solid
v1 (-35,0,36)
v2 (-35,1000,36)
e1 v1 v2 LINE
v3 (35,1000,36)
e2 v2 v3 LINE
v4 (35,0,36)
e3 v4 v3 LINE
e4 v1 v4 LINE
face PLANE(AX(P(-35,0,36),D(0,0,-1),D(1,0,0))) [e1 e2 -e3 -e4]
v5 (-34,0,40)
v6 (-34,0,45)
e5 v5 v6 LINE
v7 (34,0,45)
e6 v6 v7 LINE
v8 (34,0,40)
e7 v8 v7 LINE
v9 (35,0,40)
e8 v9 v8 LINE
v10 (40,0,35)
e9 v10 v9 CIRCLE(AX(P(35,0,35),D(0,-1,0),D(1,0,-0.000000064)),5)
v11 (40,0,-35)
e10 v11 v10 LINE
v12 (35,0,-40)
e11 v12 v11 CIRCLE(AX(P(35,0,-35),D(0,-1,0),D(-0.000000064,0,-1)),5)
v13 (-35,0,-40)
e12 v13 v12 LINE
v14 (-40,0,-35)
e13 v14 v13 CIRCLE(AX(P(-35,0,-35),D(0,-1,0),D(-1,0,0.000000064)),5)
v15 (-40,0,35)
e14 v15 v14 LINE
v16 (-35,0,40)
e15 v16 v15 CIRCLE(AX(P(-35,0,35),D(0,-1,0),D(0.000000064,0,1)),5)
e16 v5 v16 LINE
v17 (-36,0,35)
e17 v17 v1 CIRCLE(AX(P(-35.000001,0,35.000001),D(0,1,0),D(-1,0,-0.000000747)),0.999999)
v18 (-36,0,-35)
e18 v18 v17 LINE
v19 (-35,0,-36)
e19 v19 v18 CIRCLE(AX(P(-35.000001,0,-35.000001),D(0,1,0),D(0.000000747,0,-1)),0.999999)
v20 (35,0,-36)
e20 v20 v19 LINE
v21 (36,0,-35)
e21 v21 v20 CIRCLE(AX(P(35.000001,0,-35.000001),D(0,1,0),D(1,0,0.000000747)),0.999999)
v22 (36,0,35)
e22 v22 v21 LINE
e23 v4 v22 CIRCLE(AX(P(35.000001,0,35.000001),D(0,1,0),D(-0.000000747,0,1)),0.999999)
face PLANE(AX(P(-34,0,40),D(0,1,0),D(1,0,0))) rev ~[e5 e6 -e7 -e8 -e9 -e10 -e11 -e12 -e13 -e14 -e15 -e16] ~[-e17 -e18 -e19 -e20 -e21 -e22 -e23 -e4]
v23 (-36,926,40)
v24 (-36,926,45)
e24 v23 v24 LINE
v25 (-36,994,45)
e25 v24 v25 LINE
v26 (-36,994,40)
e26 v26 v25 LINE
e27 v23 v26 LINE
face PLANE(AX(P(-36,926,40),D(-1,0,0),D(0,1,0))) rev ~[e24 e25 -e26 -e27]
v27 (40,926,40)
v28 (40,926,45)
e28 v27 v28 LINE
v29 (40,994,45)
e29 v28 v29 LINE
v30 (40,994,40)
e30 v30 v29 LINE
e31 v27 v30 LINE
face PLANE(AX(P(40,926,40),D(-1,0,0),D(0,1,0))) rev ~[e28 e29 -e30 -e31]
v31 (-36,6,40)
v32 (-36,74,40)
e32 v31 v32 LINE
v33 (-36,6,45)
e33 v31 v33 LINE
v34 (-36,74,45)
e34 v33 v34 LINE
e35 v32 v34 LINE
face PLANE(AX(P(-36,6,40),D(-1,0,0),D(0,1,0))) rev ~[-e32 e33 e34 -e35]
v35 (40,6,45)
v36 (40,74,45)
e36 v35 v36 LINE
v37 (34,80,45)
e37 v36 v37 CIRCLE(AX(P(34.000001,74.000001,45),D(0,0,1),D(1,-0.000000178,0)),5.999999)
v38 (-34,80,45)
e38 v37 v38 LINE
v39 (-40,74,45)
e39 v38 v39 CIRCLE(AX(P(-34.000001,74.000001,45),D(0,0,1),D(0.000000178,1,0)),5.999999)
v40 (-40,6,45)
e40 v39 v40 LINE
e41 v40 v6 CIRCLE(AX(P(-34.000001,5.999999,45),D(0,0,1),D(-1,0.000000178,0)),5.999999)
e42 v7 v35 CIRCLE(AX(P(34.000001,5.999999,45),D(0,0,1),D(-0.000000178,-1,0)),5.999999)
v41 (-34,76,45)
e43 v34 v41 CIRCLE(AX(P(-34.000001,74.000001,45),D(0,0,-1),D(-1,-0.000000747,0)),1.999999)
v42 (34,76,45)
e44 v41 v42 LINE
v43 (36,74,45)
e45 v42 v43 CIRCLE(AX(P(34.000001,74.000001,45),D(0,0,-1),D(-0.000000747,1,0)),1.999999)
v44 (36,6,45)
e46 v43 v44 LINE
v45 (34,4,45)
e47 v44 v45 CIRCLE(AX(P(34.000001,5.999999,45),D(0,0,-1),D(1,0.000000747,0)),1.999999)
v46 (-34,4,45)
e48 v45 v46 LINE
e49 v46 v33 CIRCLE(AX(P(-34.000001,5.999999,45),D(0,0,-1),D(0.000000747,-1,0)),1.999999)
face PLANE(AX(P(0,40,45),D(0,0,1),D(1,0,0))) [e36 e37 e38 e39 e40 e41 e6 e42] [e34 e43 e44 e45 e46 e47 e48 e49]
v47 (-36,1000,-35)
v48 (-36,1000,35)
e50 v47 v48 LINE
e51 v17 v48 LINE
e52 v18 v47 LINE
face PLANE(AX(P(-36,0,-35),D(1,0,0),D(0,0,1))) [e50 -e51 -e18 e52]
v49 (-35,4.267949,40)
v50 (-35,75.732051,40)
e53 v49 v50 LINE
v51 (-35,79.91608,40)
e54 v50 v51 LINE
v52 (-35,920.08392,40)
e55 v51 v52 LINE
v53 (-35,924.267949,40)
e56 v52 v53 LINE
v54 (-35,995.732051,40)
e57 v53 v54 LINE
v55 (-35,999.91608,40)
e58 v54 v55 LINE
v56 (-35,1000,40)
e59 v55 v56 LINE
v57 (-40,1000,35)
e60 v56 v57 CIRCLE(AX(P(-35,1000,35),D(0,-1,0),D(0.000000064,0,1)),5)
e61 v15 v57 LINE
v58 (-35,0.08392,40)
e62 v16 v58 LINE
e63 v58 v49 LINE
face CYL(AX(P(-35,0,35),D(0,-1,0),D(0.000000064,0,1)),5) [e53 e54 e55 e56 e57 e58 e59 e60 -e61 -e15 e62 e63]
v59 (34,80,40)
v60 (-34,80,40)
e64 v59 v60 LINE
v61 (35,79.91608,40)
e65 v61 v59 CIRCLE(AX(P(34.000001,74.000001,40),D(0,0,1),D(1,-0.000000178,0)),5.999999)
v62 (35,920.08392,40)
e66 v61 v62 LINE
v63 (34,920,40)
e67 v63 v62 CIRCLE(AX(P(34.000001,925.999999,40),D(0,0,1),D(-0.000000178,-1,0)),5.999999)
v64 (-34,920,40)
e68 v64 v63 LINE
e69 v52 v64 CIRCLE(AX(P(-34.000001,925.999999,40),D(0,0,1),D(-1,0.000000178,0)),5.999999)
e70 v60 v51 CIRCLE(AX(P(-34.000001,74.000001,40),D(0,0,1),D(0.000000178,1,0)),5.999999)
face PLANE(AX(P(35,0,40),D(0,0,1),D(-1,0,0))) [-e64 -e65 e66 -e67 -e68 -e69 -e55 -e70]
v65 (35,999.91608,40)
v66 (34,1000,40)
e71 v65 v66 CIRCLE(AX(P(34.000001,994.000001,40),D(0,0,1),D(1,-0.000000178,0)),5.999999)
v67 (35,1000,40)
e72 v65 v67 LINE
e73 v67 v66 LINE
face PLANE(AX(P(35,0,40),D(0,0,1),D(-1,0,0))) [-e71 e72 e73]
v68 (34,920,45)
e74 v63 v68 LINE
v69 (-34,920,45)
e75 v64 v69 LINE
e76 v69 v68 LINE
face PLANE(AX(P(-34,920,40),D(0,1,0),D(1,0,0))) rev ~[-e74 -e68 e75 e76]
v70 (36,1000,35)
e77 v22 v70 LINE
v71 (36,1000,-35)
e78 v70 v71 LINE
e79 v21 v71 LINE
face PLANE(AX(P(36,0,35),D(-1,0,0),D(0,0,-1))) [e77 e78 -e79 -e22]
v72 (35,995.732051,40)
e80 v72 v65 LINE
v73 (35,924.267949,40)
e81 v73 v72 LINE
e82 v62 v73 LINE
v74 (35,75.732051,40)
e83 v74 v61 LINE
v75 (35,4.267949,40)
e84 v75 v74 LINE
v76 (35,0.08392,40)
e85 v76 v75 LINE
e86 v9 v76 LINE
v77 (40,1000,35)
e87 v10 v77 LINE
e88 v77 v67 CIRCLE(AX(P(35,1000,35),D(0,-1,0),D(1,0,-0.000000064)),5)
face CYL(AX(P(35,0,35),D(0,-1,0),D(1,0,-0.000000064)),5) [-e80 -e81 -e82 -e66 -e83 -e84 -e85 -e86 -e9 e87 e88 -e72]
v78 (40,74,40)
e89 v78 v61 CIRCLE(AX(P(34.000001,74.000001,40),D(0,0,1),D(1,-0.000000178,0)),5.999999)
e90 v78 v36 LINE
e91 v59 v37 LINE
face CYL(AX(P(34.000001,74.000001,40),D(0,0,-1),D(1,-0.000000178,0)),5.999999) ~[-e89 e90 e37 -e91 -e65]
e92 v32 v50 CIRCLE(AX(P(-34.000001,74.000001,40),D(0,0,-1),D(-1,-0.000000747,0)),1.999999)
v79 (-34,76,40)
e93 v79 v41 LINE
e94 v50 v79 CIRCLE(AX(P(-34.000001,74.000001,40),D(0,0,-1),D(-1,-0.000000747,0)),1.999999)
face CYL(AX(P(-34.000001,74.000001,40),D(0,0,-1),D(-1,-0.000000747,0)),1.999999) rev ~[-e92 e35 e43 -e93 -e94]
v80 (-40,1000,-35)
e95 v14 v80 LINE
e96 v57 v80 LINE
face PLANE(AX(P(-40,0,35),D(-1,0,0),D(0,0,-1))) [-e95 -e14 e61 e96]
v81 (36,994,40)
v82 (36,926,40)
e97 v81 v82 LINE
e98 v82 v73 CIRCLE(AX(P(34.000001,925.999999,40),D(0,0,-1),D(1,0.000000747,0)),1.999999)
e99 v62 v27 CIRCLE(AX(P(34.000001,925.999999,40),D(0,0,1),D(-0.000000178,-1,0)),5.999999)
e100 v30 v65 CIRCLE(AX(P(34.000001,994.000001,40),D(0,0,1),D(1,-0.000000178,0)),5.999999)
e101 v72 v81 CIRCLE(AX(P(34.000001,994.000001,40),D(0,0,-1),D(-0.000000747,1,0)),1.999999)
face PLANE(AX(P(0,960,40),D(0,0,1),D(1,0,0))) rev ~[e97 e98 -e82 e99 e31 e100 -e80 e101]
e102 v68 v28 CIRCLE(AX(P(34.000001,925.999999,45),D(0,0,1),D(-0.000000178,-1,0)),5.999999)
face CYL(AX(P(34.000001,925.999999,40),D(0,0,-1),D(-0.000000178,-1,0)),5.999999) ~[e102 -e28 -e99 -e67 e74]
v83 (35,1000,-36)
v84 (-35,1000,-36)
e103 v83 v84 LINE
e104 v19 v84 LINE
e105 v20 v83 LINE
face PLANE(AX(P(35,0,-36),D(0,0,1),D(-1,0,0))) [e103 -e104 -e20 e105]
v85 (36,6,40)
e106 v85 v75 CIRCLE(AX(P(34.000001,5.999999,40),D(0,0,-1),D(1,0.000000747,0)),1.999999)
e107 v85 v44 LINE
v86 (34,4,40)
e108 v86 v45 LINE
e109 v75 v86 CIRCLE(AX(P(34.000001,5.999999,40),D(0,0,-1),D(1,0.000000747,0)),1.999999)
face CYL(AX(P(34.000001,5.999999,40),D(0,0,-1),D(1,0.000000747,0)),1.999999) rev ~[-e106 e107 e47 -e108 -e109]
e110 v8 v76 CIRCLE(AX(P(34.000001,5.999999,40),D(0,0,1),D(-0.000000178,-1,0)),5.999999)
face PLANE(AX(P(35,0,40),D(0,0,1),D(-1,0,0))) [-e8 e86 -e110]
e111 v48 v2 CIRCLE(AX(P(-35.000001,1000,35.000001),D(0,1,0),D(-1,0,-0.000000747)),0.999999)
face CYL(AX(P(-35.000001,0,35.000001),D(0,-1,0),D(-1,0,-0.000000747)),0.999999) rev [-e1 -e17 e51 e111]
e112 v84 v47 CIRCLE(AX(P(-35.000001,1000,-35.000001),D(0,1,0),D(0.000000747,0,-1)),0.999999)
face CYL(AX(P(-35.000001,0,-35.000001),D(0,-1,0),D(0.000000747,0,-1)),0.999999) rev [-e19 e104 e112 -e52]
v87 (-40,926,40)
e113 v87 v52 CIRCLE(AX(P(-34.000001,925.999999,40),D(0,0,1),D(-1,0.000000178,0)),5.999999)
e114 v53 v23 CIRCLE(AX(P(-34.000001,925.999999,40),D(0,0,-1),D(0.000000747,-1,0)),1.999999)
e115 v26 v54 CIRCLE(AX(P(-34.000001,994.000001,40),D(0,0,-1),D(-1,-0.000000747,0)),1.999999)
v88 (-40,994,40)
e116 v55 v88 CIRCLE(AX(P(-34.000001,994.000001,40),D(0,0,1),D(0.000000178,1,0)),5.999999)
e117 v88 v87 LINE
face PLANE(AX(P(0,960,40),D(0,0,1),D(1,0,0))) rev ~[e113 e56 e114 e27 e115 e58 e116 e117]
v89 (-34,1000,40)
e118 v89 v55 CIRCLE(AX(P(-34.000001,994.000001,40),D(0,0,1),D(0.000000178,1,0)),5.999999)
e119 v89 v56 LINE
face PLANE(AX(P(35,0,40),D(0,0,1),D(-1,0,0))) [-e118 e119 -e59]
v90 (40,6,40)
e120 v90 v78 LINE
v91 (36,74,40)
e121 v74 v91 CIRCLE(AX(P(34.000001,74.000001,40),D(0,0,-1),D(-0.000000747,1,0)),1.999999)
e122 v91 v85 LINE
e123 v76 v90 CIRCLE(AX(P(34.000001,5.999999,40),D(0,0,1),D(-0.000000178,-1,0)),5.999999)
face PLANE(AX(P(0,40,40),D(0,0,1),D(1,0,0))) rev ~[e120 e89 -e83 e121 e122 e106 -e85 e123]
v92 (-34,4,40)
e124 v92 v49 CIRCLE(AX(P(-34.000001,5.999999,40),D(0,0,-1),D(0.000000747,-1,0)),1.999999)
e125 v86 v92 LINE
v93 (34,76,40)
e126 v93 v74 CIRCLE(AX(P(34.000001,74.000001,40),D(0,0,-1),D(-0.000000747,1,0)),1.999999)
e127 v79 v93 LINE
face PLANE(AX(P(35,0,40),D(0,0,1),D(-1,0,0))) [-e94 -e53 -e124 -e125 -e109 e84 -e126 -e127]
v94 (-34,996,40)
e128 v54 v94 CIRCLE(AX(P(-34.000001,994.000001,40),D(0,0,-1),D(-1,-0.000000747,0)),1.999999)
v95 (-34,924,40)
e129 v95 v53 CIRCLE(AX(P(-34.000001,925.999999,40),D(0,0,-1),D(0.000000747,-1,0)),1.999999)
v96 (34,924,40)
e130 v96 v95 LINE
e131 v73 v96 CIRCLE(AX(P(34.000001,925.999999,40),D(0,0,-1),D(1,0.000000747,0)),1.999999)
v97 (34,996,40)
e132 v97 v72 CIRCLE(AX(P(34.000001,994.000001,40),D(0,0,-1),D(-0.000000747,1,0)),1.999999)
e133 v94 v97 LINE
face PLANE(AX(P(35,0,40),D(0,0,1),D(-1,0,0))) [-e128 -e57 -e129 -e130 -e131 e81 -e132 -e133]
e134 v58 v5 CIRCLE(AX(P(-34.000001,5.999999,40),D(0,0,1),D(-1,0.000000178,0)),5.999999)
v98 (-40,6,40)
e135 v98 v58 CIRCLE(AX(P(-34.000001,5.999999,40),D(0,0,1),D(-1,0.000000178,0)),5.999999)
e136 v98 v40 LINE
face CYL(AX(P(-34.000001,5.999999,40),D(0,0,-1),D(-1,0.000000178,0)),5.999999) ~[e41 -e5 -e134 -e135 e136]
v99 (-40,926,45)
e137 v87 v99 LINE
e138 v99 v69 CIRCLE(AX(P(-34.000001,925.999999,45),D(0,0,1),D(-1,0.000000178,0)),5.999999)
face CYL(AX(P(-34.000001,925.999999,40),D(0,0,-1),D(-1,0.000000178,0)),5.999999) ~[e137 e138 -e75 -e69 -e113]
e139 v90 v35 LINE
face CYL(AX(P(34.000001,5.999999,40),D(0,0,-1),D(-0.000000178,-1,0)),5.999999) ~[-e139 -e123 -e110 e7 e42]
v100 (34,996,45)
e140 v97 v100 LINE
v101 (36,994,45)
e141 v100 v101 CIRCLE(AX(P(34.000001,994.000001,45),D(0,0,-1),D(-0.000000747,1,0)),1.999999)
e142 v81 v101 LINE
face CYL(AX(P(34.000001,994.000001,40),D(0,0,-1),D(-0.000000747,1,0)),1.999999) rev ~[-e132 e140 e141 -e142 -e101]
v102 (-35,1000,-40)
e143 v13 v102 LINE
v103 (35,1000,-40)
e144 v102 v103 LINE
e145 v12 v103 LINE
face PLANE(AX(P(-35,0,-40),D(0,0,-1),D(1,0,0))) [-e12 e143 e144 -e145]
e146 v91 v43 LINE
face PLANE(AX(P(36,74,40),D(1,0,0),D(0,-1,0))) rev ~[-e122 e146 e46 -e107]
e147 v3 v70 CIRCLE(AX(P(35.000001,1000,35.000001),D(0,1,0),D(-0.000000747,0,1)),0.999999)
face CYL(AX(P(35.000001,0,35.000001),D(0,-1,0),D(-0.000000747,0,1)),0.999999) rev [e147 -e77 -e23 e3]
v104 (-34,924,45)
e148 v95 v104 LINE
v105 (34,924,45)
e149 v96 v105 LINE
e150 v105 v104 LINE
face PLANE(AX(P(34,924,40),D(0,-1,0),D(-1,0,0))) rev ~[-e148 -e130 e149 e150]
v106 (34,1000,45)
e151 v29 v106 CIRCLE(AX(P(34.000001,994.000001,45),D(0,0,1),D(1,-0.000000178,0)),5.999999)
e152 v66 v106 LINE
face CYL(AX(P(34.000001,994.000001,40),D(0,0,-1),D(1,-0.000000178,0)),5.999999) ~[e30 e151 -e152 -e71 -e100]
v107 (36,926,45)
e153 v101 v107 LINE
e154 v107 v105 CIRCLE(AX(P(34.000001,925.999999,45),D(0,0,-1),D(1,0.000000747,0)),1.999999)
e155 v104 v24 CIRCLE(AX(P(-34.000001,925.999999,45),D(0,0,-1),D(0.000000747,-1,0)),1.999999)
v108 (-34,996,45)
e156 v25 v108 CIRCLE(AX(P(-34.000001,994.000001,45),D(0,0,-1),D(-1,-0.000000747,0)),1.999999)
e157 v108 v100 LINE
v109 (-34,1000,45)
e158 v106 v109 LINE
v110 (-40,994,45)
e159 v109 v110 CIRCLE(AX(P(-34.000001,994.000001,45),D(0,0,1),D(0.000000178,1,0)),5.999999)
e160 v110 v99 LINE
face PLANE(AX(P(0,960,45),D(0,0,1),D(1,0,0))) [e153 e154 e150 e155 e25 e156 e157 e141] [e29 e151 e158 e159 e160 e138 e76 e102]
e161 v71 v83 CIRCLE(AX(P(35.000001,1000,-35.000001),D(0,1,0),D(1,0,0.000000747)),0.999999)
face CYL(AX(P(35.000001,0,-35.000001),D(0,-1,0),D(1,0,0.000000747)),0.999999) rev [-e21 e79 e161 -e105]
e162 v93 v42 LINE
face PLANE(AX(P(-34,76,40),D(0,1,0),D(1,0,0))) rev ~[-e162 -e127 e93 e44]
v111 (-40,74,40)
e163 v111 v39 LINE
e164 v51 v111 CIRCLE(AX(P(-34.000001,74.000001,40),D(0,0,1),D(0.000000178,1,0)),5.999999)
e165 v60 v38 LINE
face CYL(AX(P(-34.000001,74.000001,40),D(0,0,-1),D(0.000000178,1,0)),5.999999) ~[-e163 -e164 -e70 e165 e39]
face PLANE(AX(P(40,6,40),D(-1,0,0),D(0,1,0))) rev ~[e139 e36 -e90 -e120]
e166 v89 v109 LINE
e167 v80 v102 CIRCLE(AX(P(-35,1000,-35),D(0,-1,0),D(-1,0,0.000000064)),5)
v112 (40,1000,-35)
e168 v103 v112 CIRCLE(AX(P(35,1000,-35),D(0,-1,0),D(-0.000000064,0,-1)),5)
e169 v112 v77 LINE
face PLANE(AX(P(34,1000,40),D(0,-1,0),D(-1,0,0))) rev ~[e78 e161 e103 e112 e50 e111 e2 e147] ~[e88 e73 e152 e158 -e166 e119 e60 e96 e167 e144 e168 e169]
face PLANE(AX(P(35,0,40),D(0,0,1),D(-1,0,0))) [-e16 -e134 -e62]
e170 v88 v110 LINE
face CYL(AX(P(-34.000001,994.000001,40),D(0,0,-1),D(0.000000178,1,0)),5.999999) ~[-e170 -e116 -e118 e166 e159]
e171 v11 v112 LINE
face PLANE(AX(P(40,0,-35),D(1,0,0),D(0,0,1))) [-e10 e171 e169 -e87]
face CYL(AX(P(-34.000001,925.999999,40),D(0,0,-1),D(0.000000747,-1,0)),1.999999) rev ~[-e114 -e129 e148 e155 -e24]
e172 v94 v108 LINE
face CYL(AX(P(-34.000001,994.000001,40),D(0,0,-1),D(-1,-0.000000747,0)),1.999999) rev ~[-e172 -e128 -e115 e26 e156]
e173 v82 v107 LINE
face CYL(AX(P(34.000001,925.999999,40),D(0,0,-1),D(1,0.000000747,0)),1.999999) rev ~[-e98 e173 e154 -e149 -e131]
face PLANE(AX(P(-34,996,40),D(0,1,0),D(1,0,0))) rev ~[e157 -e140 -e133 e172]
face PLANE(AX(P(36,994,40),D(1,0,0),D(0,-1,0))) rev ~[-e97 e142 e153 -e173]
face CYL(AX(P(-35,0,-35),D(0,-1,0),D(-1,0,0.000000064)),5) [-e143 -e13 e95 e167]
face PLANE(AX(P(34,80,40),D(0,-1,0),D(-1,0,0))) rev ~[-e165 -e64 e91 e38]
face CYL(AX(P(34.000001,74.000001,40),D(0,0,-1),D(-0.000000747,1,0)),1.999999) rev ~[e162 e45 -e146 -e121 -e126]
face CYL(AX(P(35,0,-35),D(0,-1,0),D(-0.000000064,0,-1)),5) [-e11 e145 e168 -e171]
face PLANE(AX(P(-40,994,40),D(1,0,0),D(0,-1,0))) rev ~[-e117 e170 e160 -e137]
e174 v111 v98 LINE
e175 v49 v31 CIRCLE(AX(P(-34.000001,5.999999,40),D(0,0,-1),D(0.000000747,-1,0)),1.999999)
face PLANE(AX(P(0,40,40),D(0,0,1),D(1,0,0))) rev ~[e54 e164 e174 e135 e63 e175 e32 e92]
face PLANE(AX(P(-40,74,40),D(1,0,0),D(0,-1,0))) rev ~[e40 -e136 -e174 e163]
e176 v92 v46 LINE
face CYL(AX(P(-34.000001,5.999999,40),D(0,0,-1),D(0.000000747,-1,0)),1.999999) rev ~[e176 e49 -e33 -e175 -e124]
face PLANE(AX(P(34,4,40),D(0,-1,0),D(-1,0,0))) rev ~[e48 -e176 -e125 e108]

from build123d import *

# Parameters (mm, degrees)
F1_DEPTH = 1000
F3_DEPTH = 5
F5_DEPTH = 5


with BuildPart() as f1:
    # F0 (on Front) → F1 (new body)
    with BuildSketch(Plane.XZ):
        with BuildLine():
            ThreePointArc((40, 35), (38.535534, 38.535534), (35, 40))
            Line((35, 40), (-35, 40))
            ThreePointArc((-35, 40), (-38.535534, 38.535534), (-40, 35))
            Line((-40, 35), (-40, -35))
            ThreePointArc((-40, -35), (-38.535534, -38.535534), (-35, -40))
            Line((-35, -40), (35, -40))
            ThreePointArc((35, -40), (38.535534, -38.535534), (40, -35))
            Line((40, -35), (40, 35))
        make_face()
        with BuildLine():
            ThreePointArc((-36, 35), (-35.707107, 35.707107), (-35, 36))
            Line((-35, 36), (35, 36))
            ThreePointArc((35, 36), (35.707107, 35.707107), (36, 35))
            Line((36, 35), (36, -35))
            ThreePointArc((36, -35), (35.707107, -35.707107), (35, -36))
            Line((35, -36), (-35, -36))
            ThreePointArc((-35, -36), (-35.707107, -35.707107), (-36, -35))
            Line((-36, -35), (-36, 35))
        make_face(mode=Mode.SUBTRACT)
    extrude(amount=-F1_DEPTH)

    # F2 (on face) → F3 (join)
    with BuildSketch(Plane.XY.offset(40)):
        with BuildLine():
            ThreePointArc((40, 74), (38.242641, 78.242641), (34, 80))
            Line((34, 80), (-34, 80))
            ThreePointArc((-34, 80), (-38.242641, 78.242641), (-40, 74))
            Line((-40, 74), (-40, 6))
            ThreePointArc((-40, 6), (-38.242641, 1.757359), (-34, 0))
            Line((-34, 0), (34, 0))
            ThreePointArc((34, 0), (38.242641, 1.757359), (40, 6))
            Line((40, 6), (40, 74))
        make_face()
        with BuildLine():
            ThreePointArc((34, 76), (35.414214, 75.414214), (36, 74))
            Line((36, 74), (36, 6))
            ThreePointArc((36, 6), (35.414214, 4.585786), (34, 4))
            Line((34, 4), (-34, 4))
            ThreePointArc((-34, 4), (-35.414214, 4.585786), (-36, 6))
            Line((-36, 6), (-36, 74))
            ThreePointArc((-36, 74), (-35.414214, 75.414214), (-34, 76))
            Line((-34, 76), (34, 76))
        make_face(mode=Mode.SUBTRACT)
    extrude(amount=F3_DEPTH)

    # F4 (on face) → F5 (join)
    with BuildSketch(Plane.XY.offset(40)):
        with BuildLine():
            ThreePointArc((40, 994), (38.242641, 998.242641), (34, 1000))
            Line((34, 1000), (-34, 1000))
            ThreePointArc((-34, 1000), (-38.242641, 998.242641), (-40, 994))
            Line((-40, 994), (-40, 926))
            ThreePointArc((-40, 926), (-38.242641, 921.757359), (-34, 920))
            Line((-34, 920), (34, 920))
            ThreePointArc((34, 920), (38.242641, 921.757359), (40, 926))
            Line((40, 926), (40, 994))
        make_face()
        with BuildLine():
            ThreePointArc((34, 996), (35.414214, 995.414214), (36, 994))
            Line((36, 994), (36, 926))
            ThreePointArc((36, 926), (35.414214, 924.585786), (34, 924))
            Line((34, 924), (-34, 924))
            ThreePointArc((-34, 924), (-35.414214, 924.585786), (-36, 926))
            Line((-36, 926), (-36, 994))
            ThreePointArc((-36, 994), (-35.414214, 995.414214), (-34, 996))
            Line((-34, 996), (34, 996))
        make_face(mode=Mode.SUBTRACT)
    extrude(amount=F5_DEPTH)


solid = f1.part
